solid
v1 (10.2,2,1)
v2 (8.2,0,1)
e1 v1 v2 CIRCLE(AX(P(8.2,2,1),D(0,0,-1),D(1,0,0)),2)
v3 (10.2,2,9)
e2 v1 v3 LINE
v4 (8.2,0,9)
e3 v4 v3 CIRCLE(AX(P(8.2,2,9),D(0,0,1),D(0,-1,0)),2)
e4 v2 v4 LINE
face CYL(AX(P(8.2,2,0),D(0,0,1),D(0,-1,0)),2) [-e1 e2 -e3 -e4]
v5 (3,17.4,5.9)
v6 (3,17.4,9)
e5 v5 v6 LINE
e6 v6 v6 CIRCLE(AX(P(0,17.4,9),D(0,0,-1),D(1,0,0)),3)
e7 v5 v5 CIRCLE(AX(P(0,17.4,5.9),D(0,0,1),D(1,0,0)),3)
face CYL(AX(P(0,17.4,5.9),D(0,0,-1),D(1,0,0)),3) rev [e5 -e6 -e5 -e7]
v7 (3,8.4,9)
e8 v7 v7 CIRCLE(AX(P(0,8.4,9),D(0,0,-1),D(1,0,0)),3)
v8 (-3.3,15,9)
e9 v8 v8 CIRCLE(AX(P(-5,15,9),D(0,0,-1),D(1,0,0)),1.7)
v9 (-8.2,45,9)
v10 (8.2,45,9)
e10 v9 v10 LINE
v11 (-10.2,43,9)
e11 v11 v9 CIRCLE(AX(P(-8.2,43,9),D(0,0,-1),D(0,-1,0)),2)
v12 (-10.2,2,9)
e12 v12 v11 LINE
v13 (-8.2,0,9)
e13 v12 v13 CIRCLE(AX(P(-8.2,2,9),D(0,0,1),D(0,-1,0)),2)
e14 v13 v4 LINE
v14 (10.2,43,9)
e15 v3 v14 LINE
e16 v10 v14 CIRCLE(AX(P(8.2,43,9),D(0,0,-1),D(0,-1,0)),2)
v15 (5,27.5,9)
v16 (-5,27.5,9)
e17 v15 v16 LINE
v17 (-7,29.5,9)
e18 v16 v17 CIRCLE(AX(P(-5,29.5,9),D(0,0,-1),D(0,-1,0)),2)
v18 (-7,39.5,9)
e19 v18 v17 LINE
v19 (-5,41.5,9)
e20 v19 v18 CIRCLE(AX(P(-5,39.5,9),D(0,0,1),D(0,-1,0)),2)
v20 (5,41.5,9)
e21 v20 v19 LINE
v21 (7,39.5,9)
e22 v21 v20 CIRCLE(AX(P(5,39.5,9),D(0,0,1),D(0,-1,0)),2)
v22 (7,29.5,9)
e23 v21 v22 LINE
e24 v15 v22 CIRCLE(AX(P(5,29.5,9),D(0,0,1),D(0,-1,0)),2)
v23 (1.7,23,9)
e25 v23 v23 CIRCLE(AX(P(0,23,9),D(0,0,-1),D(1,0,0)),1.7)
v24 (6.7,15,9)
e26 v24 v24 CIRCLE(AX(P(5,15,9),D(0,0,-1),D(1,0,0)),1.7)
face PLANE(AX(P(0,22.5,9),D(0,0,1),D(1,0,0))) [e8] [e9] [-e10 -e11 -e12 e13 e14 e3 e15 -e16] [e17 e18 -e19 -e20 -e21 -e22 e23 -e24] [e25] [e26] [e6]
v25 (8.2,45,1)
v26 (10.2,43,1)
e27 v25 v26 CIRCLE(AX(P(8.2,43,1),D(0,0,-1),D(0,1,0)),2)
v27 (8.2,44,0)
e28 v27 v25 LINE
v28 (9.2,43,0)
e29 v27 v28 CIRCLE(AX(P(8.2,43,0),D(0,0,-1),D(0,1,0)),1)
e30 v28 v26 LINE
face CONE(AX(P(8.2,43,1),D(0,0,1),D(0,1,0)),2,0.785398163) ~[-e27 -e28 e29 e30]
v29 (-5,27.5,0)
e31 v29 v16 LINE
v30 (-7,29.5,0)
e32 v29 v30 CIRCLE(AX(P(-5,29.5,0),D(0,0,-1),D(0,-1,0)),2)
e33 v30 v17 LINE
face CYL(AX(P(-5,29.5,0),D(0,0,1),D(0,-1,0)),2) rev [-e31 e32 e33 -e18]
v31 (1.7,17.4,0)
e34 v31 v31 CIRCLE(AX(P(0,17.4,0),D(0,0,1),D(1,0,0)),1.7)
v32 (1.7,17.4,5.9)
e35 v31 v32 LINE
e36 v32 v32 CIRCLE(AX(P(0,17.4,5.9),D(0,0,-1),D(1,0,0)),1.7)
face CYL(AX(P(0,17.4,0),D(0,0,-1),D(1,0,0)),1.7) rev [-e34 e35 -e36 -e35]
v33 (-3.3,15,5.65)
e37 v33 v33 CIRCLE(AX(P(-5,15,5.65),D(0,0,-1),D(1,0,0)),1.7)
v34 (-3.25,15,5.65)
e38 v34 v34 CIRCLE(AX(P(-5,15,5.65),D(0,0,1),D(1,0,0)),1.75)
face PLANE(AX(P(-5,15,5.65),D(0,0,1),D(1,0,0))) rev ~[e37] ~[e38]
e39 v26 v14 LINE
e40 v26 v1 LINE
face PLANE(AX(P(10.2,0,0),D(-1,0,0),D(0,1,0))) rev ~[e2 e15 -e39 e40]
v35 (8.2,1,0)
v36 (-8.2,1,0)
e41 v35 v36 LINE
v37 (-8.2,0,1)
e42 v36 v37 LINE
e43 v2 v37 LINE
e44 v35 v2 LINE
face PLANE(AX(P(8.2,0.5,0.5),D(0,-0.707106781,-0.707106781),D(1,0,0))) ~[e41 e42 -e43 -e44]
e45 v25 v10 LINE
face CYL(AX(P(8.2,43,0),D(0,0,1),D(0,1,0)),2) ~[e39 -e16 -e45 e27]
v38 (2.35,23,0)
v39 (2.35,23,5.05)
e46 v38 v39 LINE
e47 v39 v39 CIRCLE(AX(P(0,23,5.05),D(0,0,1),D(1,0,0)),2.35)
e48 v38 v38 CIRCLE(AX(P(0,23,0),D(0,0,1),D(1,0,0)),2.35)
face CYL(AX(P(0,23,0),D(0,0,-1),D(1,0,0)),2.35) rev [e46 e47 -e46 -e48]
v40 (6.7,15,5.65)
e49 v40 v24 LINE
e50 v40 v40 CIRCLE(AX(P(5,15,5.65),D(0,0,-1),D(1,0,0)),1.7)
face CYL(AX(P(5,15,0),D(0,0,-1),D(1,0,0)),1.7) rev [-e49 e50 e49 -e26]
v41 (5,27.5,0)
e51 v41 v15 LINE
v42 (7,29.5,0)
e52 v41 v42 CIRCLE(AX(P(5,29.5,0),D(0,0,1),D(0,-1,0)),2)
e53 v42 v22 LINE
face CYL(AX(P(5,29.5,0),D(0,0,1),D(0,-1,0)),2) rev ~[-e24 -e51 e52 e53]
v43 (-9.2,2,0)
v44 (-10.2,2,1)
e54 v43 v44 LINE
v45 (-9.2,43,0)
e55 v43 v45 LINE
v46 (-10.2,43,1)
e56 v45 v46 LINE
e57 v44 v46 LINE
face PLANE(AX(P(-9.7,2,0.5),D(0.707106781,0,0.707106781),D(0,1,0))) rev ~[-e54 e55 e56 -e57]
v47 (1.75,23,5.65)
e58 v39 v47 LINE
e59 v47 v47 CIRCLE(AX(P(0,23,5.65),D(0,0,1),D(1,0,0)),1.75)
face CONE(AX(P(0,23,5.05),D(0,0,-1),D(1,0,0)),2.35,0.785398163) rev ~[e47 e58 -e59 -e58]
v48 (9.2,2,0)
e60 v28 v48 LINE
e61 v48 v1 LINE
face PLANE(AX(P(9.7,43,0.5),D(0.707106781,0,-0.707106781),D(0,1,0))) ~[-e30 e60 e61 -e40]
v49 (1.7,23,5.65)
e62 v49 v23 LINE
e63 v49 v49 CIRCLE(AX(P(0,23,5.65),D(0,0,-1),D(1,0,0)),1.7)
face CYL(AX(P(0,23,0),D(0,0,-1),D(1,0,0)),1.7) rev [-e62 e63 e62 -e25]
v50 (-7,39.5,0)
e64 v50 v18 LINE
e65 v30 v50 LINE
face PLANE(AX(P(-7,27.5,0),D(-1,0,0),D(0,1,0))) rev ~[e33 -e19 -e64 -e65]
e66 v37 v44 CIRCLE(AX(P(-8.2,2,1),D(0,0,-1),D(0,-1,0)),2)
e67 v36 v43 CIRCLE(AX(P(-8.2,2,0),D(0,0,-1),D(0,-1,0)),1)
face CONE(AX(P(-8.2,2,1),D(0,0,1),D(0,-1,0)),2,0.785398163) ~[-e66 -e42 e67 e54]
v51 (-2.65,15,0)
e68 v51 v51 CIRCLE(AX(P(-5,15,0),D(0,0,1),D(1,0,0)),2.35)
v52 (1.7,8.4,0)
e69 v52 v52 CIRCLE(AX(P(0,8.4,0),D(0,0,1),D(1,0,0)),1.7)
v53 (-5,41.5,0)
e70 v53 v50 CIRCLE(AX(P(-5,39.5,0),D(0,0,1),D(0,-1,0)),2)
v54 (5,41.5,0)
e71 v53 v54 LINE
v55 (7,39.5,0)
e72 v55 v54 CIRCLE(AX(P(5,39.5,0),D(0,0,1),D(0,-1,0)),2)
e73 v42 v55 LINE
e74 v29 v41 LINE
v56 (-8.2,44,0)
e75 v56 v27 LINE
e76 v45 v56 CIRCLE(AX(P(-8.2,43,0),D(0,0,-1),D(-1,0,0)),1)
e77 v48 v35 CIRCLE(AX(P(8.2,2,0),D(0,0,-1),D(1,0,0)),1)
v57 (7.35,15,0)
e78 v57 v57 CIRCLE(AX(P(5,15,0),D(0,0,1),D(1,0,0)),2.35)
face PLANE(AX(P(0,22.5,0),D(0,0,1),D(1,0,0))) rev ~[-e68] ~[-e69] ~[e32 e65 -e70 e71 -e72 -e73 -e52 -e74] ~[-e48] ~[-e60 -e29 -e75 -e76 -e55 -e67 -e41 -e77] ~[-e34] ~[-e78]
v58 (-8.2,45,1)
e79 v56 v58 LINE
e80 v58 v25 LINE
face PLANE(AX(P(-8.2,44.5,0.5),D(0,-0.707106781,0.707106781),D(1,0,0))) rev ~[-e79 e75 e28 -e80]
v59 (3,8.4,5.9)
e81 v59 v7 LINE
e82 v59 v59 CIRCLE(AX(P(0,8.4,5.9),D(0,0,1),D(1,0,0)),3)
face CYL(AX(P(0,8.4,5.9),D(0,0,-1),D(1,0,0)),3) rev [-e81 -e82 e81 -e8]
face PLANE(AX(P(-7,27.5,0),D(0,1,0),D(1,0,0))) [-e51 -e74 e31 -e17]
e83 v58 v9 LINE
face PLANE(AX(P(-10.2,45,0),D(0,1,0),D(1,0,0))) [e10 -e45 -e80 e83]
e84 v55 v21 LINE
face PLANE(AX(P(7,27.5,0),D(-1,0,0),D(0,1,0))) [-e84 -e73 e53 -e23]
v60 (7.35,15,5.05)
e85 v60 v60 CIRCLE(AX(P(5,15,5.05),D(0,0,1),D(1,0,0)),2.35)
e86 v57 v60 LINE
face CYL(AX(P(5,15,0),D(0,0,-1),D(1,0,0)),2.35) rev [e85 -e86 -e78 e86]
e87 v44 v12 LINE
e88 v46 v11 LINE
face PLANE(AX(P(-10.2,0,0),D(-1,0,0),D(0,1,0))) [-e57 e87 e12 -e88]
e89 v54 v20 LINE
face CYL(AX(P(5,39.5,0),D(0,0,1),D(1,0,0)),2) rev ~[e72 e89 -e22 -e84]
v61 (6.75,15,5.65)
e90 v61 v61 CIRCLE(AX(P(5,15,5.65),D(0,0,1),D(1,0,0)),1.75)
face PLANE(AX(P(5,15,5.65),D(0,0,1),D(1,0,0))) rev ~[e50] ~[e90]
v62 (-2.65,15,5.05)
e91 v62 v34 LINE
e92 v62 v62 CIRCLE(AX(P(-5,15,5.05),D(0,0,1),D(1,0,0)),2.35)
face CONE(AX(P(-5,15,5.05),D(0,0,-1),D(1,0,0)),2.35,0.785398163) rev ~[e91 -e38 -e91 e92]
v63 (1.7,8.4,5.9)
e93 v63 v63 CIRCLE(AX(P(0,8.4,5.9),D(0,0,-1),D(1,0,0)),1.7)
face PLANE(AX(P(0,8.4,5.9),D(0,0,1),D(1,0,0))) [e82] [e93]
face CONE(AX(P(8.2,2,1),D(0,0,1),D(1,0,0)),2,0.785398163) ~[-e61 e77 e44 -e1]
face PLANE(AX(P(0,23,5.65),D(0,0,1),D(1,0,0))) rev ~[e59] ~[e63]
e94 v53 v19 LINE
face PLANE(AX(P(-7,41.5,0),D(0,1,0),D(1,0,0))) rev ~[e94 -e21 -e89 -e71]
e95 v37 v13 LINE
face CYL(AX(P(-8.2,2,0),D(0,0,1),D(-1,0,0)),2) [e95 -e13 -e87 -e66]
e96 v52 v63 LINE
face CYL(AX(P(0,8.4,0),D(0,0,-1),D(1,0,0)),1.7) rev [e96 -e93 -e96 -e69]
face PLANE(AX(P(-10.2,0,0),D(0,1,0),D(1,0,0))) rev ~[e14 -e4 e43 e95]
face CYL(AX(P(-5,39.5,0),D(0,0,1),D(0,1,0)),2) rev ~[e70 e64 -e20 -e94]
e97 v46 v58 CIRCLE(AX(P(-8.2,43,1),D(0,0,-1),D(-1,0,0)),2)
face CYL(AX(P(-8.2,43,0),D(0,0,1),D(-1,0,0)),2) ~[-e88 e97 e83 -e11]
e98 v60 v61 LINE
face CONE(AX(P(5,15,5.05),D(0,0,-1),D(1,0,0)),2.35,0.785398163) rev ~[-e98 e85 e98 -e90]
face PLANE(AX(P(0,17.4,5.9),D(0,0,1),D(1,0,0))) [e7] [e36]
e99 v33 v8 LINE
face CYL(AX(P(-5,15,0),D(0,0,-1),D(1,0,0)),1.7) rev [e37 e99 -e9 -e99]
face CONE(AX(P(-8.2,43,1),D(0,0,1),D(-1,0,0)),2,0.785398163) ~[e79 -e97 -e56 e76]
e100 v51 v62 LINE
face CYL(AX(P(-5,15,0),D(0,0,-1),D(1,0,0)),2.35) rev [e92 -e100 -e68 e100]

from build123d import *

# Parameters (mm, degrees)
CYLINDER008_R     = 1.7
CYLINDER008_DEPTH = 10
CYLINDER007_R     = 3
CYLINDER007_DEPTH = 10
CYLINDER006_R     = 3
CYLINDER006_DEPTH = 10
CYLINDER009_R     = 1.7
CYLINDER009_DEPTH = 10
CYLINDER004_R     = 2.35
CYLINDER004_DEPTH = 5.65
CYLINDER003_R     = 2.35
CYLINDER003_DEPTH = 5.65
CYLINDER002_R     = 1.7
CYLINDER002_DEPTH = 10
CYLINDER001_R     = 1.7
CYLINDER001_DEPTH = 10
CYLINDER_R        = 1.7
CYLINDER_DEPTH    = 10
CYLINDER005_R     = 2.35
CYLINDER005_DEPTH = 5.65
CHAMFER001_SIZE   = 0.6
BOX001_W          = 14
BOX001_H          = 14
BOX001_DEPTH      = 10
BOX_W             = 20.4
BOX_H             = 45
BOX_DEPTH         = 9
FILLET_R          = 2
FILLET001_R       = 2
CHAMFER_SIZE      = 1


with BuildPart() as cylinder008:
    # Cylinder008 → Cylinder008 (new body)
    with BuildSketch(Plane(origin=(0, 8.4, 0), x_dir=(1, 0, 0), z_dir=(0, 0, 1))):
        Circle(CYLINDER008_R)
    extrude(amount=CYLINDER008_DEPTH)


with BuildPart() as cylinder007:
    # Cylinder007 → Cylinder007 (new body)
    with BuildSketch(Plane(origin=(0, 17.4, 5.9), x_dir=(1, 0, 0), z_dir=(0, 0, 1))):
        Circle(CYLINDER007_R)
    extrude(amount=CYLINDER007_DEPTH)


with BuildPart() as cylinder006:
    # Cylinder006 → Cylinder006 (new body)
    with BuildSketch(Plane(origin=(0, 8.4, 5.9), x_dir=(1, 0, 0), z_dir=(0, 0, 1))):
        Circle(CYLINDER006_R)
    extrude(amount=CYLINDER006_DEPTH)


with BuildPart() as fusion001:
    # Cylinder009 → Cylinder009 (new body)
    with BuildSketch(Plane(origin=(0, 17.4, 0), x_dir=(1, 0, 0), z_dir=(0, 0, 1))):
        Circle(CYLINDER009_R)
    extrude(amount=CYLINDER009_DEPTH)

    # Fusion001: union Cylinder008, Cylinder007, Cylinder006
    add(cylinder008.part)
    add(cylinder007.part)
    add(cylinder006.part)


with BuildPart() as cylinder004:
    # Cylinder004 → Cylinder004 (new body)
    with BuildSketch(Plane(origin=(5, 15, 0), x_dir=(1, 0, 0), z_dir=(0, 0, 1))):
        Circle(CYLINDER004_R)
    extrude(amount=CYLINDER004_DEPTH)


with BuildPart() as cylinder003:
    # Cylinder003 → Cylinder003 (new body)
    with BuildSketch(Plane(origin=(-5, 15, 0), x_dir=(1, 0, 0), z_dir=(0, 0, 1))):
        Circle(CYLINDER003_R)
    extrude(amount=CYLINDER003_DEPTH)


with BuildPart() as cylinder002:
    # Cylinder002 → Cylinder002 (new body)
    with BuildSketch(Plane(origin=(-5, 15, 0), x_dir=(1, 0, 0), z_dir=(0, 0, 1))):
        Circle(CYLINDER002_R)
    extrude(amount=CYLINDER002_DEPTH)


with BuildPart() as cylinder001:
    # Cylinder001 → Cylinder001 (new body)
    with BuildSketch(Plane(origin=(5, 15, 0), x_dir=(1, 0, 0), z_dir=(0, 0, 1))):
        Circle(CYLINDER001_R)
    extrude(amount=CYLINDER001_DEPTH)


with BuildPart() as cylinder:
    # Cylinder → Cylinder (new body)
    with BuildSketch(Plane(origin=(0, 23, 0), x_dir=(1, 0, 0), z_dir=(0, 0, 1))):
        Circle(CYLINDER_R)
    extrude(amount=CYLINDER_DEPTH)


with BuildPart() as fusion002:
    # Cylinder005 → Cylinder005 (new body)
    with BuildSketch(Plane(origin=(0, 23, 0), x_dir=(1, 0, 0), z_dir=(0, 0, 1))):
        Circle(CYLINDER005_R)
    extrude(amount=CYLINDER005_DEPTH)

    # Fusion: union Cylinder004, Cylinder003, Cylinder002, Cylinder001, Cylinder
    add(cylinder004.part)
    add(cylinder003.part)
    add(cylinder002.part)
    add(cylinder001.part)
    add(cylinder.part)

    # Chamfer001
    chamfer001_edges = [fusion002.edges().sort_by_distance(p)[0] for p in [
        (-2.35, 23, 5.65),
        (2.65, 15, 5.65),
        (-7.35, 15, 5.65),
    ]]
    chamfer(chamfer001_edges, length=CHAMFER001_SIZE)

    # Fusion002: union Fusion001
    add(fusion001.part)


with BuildPart() as cube001:
    # Box001 → Box001 (new body)
    with BuildSketch(Plane(origin=(-7, 27.5, 0), x_dir=(1, 0, 0), z_dir=(0, 0, 1))):
        with Locations((7, 7)):
            Rectangle(BOX001_W, BOX001_H)
    extrude(amount=BOX001_DEPTH)


with BuildPart() as cut001:
    # Box → Box (new body)
    with BuildSketch(Plane(origin=(-10.2, 0, 0), x_dir=(1, 0, 0), z_dir=(0, 0, 1))):
        with Locations((10.2, 22.5)):
            Rectangle(BOX_W, BOX_H)
    extrude(amount=BOX_DEPTH)

    # Cut: cut Cube001
    add(cube001.part, mode=Mode.SUBTRACT)

    # Fillet
    fillet_edges = [cut001.edges().sort_by_distance(p)[0] for p in [
        (7, 27.5, 4.5),
        (-7, 27.5, 4.5),
        (7, 41.5, 4.5),
        (-7, 41.5, 4.5),
    ]]
    fillet(fillet_edges, radius=FILLET_R)

    # Fillet001
    fillet001_edges = [cut001.edges().sort_by_distance(p)[0] for p in [
        (-10.2, 0, 4.5),
        (-10.2, 45, 4.5),
        (10.2, 45, 4.5),
        (10.2, 0, 4.5),
    ]]
    fillet(fillet001_edges, radius=FILLET001_R)

    # Chamfer
    chamfer_edges = [cut001.edges().sort_by_distance(p)[0] for p in [
        (-10.2, 22.5, 0),
        (-9.614214, 0.585786, 0),
        (-9.614214, 44.414214, 0),
        (0, 0, 0),
        (0, 45, 0),
        (9.614214, 0.585786, 0),
        (9.614214, 44.414214, 0),
        (10.2, 22.5, 0),
    ]]
    chamfer(chamfer_edges, length=CHAMFER_SIZE)

    # Cut001: cut Fusion002
    add(fusion002.part, mode=Mode.SUBTRACT)


solid = cut001.part
